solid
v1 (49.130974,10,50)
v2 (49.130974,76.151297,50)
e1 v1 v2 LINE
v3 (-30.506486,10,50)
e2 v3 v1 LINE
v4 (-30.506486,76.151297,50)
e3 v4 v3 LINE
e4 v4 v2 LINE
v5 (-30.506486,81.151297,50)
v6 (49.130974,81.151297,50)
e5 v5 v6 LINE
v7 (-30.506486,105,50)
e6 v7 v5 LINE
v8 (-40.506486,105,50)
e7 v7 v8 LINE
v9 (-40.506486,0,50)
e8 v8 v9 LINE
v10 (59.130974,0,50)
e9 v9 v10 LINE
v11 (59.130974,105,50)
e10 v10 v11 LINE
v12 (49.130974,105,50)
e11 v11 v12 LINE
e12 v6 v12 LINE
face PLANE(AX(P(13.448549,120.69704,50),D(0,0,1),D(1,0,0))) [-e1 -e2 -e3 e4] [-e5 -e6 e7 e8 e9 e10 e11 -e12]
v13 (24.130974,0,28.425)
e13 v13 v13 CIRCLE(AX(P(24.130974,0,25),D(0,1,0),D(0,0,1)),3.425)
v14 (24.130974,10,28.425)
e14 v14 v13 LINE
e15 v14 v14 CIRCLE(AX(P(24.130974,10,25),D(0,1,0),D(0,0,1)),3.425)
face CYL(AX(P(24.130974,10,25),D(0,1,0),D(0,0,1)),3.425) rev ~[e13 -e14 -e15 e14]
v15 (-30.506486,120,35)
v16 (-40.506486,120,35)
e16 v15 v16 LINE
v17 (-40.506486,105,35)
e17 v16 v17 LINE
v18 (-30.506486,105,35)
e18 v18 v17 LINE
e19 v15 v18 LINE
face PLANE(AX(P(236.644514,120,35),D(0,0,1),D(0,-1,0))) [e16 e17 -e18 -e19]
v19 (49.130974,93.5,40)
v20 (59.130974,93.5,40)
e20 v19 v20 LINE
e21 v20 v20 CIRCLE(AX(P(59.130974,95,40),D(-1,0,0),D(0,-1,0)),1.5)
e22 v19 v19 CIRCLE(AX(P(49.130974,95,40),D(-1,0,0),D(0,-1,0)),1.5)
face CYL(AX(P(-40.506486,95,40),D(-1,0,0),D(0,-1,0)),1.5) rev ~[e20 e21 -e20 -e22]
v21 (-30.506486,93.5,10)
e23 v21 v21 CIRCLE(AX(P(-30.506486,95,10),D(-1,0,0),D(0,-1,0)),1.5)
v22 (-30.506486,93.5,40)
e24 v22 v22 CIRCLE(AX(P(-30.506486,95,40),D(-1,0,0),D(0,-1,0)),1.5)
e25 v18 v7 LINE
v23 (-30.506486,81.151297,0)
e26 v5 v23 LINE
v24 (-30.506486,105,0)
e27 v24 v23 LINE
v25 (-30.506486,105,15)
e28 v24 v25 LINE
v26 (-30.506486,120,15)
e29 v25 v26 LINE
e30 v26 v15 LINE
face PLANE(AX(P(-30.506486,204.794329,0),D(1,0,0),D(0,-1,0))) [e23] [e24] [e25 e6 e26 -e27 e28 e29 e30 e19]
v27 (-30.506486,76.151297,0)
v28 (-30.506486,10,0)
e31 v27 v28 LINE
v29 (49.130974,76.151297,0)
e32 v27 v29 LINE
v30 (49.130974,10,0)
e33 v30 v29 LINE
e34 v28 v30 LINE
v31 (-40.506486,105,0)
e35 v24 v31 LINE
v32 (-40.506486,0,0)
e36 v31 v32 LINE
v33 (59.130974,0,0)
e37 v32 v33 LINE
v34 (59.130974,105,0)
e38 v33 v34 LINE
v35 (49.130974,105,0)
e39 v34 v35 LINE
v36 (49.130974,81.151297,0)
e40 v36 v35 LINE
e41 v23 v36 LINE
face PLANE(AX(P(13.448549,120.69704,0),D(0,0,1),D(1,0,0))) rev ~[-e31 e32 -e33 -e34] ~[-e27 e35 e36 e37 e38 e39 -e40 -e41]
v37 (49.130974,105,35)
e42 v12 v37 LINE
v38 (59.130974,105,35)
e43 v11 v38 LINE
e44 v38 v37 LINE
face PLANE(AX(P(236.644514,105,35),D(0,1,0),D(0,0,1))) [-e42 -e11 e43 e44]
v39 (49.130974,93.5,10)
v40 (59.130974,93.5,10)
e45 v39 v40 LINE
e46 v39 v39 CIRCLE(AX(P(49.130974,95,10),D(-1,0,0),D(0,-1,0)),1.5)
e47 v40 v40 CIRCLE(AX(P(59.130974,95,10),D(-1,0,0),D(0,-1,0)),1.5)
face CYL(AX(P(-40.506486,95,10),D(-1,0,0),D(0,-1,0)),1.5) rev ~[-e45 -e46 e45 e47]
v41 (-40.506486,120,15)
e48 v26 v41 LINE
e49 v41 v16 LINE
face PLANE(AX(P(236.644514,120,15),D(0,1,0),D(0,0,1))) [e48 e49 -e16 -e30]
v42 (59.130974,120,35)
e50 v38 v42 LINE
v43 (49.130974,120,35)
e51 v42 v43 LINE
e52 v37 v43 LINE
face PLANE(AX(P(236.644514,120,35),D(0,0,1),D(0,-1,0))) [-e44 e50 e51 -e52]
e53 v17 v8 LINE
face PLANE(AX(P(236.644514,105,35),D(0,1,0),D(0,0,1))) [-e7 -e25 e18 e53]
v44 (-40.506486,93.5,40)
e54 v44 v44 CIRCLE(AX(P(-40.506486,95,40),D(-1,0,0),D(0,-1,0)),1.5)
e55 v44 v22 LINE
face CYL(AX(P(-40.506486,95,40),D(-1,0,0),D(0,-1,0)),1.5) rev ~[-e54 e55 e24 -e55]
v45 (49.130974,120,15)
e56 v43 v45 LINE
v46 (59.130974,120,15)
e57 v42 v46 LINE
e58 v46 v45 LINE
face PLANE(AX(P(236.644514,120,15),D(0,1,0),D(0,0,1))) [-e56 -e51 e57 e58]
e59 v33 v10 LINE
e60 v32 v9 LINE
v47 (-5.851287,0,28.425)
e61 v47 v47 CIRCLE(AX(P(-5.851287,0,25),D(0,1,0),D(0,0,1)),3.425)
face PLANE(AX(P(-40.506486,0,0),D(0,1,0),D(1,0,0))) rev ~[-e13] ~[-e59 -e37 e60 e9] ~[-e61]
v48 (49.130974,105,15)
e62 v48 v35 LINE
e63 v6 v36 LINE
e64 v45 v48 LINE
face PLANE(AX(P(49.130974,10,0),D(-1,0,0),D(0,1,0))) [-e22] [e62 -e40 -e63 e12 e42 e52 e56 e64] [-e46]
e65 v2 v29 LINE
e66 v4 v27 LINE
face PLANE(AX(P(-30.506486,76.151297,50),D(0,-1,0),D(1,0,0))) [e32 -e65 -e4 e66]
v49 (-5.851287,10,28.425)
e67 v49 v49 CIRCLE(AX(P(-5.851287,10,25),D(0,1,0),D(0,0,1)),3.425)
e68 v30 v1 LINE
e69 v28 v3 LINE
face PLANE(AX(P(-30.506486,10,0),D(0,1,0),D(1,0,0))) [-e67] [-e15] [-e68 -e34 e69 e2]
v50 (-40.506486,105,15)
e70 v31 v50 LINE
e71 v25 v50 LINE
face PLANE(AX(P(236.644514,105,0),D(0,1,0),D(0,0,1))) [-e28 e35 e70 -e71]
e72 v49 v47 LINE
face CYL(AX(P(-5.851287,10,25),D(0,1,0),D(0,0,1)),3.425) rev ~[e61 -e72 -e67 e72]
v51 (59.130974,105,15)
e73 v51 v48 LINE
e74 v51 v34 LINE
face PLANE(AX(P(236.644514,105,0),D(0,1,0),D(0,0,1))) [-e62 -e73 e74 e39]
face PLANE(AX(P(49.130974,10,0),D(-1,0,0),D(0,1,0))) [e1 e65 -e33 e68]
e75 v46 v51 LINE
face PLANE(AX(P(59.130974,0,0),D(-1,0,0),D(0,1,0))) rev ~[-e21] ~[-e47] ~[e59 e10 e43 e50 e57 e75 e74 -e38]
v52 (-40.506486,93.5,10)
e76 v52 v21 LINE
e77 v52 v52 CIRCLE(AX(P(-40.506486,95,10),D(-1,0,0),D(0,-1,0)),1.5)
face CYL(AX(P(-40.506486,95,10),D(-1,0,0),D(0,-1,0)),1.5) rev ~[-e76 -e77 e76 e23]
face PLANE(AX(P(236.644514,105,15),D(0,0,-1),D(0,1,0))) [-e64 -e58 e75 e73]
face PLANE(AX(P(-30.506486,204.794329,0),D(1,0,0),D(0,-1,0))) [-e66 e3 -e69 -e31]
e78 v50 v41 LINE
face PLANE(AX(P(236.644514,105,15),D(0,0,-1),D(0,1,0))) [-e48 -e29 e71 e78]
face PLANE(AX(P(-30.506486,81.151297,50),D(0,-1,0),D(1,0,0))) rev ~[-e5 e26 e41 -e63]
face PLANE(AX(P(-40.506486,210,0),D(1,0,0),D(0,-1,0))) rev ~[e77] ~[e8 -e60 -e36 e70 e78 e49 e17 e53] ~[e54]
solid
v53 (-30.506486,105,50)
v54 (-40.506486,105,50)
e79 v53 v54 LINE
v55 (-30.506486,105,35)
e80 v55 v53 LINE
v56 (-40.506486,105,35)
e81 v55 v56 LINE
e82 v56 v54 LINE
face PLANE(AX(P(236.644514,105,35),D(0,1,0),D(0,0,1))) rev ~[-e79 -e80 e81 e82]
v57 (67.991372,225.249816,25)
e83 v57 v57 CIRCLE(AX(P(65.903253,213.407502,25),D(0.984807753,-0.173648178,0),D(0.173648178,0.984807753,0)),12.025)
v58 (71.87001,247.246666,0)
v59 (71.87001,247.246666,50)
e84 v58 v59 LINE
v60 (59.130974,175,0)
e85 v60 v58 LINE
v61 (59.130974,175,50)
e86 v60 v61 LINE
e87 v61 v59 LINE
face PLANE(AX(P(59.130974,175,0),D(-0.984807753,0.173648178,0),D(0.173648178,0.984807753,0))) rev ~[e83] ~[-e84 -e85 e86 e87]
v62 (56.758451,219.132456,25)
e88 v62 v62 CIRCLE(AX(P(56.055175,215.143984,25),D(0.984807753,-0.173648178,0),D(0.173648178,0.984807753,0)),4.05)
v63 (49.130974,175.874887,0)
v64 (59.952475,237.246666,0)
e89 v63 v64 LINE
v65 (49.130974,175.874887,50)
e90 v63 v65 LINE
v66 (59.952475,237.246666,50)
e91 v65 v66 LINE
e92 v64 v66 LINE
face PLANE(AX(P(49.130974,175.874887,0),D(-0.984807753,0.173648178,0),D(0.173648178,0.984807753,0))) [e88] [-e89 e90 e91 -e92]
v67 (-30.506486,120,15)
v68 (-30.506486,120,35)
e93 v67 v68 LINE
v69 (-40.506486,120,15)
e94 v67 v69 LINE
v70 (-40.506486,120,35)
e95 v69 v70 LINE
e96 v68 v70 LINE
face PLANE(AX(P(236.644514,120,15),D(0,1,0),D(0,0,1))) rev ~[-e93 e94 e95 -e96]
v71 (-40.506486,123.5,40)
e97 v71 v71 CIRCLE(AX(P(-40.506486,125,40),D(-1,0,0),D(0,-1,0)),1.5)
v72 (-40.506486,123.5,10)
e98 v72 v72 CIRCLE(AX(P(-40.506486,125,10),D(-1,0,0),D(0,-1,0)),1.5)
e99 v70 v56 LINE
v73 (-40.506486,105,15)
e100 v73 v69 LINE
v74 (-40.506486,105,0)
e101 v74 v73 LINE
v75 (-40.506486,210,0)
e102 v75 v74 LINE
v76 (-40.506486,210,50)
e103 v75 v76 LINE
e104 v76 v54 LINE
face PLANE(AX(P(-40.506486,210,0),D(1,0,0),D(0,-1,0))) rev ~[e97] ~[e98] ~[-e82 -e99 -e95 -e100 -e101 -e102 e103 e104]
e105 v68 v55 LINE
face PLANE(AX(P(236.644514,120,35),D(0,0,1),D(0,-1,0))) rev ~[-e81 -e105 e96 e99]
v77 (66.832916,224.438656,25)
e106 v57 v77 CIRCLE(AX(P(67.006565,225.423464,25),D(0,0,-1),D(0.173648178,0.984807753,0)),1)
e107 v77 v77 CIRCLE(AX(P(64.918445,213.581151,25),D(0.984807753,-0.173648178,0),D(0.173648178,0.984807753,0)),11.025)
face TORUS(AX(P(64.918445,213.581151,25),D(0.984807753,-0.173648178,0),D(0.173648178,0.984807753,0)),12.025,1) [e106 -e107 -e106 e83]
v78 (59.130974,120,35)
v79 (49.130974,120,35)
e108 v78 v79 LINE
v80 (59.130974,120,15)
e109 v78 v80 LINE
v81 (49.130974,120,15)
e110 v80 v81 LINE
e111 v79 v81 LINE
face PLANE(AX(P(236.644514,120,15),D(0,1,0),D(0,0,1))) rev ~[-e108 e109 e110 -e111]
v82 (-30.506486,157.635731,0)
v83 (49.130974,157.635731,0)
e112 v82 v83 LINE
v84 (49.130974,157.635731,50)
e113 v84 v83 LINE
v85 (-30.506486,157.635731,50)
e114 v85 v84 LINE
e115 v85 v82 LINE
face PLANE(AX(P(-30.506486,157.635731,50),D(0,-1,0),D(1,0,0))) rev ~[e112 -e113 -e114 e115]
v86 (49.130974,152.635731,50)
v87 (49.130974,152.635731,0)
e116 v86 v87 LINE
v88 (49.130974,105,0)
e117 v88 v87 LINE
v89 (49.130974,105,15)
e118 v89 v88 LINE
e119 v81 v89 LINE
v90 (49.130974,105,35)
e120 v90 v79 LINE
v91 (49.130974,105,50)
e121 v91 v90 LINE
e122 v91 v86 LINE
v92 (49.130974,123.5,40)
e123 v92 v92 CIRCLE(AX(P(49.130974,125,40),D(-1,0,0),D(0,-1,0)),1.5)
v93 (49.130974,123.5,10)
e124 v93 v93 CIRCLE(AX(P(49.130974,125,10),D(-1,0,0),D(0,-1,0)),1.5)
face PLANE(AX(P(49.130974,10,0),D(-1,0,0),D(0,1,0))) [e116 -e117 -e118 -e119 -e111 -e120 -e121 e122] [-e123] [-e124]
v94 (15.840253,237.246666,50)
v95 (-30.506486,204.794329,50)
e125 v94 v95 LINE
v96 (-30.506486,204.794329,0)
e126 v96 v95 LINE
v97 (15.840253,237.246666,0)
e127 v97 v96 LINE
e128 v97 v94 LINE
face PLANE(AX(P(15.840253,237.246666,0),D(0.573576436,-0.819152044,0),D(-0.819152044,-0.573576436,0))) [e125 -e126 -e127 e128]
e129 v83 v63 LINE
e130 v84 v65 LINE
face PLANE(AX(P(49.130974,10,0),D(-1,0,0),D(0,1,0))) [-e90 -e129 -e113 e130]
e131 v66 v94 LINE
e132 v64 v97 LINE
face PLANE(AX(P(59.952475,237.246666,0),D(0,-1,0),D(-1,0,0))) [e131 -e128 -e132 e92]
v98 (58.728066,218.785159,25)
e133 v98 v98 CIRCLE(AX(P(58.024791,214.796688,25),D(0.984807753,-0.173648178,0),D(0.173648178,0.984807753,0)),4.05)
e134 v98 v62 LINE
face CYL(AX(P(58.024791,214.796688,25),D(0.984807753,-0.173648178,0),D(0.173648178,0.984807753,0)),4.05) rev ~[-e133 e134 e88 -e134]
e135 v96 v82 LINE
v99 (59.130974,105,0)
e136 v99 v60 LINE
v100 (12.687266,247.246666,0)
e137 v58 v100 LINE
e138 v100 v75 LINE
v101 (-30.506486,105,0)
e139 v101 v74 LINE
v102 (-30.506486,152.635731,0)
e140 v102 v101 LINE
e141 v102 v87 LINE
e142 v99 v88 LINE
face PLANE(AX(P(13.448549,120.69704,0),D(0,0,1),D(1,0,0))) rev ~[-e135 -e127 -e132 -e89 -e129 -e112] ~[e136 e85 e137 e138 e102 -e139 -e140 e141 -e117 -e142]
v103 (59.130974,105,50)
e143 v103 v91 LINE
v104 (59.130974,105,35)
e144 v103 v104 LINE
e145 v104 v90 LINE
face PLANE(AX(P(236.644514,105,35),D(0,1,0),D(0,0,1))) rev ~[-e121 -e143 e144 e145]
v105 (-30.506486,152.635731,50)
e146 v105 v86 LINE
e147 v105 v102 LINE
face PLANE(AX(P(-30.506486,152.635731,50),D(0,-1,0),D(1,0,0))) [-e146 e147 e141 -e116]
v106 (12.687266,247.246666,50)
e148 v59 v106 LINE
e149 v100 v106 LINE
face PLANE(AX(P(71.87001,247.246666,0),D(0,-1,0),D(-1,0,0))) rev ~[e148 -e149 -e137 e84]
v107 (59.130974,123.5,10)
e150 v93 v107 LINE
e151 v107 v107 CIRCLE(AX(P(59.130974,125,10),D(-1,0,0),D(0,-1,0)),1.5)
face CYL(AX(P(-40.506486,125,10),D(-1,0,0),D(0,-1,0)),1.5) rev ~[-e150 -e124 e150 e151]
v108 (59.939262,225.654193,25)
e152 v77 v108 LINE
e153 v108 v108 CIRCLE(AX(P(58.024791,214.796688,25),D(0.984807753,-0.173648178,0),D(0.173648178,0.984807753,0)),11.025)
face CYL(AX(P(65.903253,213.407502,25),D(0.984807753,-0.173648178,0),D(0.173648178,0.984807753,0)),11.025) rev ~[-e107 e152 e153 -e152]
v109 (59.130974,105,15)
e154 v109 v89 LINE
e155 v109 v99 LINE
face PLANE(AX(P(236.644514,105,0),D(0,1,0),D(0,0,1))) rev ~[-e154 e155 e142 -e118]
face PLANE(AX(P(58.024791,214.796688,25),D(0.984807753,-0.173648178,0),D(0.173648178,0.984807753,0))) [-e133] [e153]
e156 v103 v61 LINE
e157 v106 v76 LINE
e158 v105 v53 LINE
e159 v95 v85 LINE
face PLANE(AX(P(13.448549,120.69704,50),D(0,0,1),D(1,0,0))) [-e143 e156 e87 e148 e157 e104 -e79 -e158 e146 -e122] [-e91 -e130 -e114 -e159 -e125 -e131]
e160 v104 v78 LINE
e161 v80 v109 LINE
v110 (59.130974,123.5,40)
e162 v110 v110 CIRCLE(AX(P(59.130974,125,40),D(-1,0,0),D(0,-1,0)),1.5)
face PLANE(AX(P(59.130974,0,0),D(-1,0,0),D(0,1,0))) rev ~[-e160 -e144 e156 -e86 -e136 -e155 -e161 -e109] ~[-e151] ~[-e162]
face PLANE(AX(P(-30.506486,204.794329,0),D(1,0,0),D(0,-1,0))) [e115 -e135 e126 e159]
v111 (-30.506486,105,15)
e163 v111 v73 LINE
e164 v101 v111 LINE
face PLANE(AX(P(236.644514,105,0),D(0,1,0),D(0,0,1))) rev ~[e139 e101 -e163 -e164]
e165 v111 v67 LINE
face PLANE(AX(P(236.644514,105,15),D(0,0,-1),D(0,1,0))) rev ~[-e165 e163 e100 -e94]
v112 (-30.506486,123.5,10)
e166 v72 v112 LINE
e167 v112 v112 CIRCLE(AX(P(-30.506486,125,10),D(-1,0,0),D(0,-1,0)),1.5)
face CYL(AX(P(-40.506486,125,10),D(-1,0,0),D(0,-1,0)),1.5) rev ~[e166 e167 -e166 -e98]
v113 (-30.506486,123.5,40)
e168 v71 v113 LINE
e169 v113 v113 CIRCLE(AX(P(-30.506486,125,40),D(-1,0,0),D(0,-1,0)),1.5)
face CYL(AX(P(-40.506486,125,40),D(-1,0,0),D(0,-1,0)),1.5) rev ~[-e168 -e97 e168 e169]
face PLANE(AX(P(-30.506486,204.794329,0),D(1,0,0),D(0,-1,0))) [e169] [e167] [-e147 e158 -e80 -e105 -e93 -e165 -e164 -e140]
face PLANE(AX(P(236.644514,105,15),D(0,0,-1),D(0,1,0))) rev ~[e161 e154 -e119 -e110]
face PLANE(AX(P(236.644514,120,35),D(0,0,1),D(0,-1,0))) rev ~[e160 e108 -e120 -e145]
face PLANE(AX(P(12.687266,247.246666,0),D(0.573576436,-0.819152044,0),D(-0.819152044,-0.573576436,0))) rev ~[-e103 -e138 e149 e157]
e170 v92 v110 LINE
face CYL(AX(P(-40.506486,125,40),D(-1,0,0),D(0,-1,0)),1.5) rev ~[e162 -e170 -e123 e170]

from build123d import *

# Parameters (mm, degrees)
BOSS_EXTRUDE1_DEPTH    = 50
SKETCH10_R             = 3.425
CUT_EXTRUDE5_DEPTH     = 10
SKETCH11_W             = 79.637459777
SKETCH11_H             = 5
BOSS_EXTRUDE3_DEPTH    = 50
SKETCH14_R             = 11.025
CUT_EXTRUDE6_DEPTH     = 8
SKETCH15_R             = 4.05
CUT_EXTRUDE7_DEPTH     = 3
FILLET1_R              = 1
SKETCH16_R             = 1.5
CUT_EXTRUDE8_DEPTH     = 277.151028537
SPLIT1_SURFACE_1_BACK  = 277.151
SPLIT1_SURFACE_1_DEPTH = 554.302
SPLIT1_SURFACE_2_BACK  = 277.151
SPLIT1_SURFACE_2_DEPTH = 554.302


with BuildPart() as part:
    # Sketch2 → Boss-Extrude1 (new body)
    with BuildSketch(Plane.XY):
        Polygon((-40.506485759, 0), (59.130974018, 0), (59.130974018, 175), (71.870010435, 247.246665631), (12.687265519, 247.246665631), (-40.506485759, 210), align=None)
        Polygon((49.130974018, 175.874886635), (59.952474509, 237.246665631), (15.840253408, 237.246665631), (-30.506485759, 204.794329494), (-30.506485759, 10), (49.130974018, 10), align=None, mode=Mode.SUBTRACT)
    extrude(amount=BOSS_EXTRUDE1_DEPTH)

    # Sketch10 → Cut-Extrude5 (cut)
    with BuildSketch(Plane(origin=(0, 10, 0), x_dir=(1, 0, 0), z_dir=(0, 1, 0))):
        with Locations(Location((-5.851287133, -25, 0), (0, 0, 270))):
            Circle(SKETCH10_R)
        with Locations(Location((24.130974018, -25, 0), (0, 0, 270))):
            Circle(SKETCH10_R)
    extrude(amount=-CUT_EXTRUDE5_DEPTH, mode=Mode.SUBTRACT)

    # Sketch11 → Boss-Extrude3 (add)
    with BuildSketch(Plane.XY.offset(50)):
        with Locations((9.31224413, 155.135730726)):
            Rectangle(SKETCH11_W, SKETCH11_H)
        with Locations((9.31224413, 78.651297101)):
            Rectangle(SKETCH11_W, SKETCH11_H)
    extrude(amount=-BOSS_EXTRUDE3_DEPTH)

    # Sketch14 → Cut-Extrude6 (cut)
    with BuildSketch(Plane(origin=(27.42119444, -4.835096423, 0), x_dir=(0, 0, -1), z_dir=(0.9848077530122082, -0.17364817766693028, 0))):
        with Locations(Location((-25, 221.609342659, 0), (0, 0, 90))):
            Circle(SKETCH14_R)
    extrude(amount=-CUT_EXTRUDE6_DEPTH, mode=Mode.SUBTRACT)

    # Sketch15 → Cut-Extrude7 (cut)
    with BuildSketch(Plane(origin=(19.542732416, -3.445911002, 0), x_dir=(0, 0, -1), z_dir=(0.984807753012208, -0.1736481776669303, 0))):
        with Locations(Location((-25, 221.609342659, 0), (0, 0, 90))):
            Circle(SKETCH15_R)
    extrude(amount=-CUT_EXTRUDE7_DEPTH, mode=Mode.SUBTRACT)

    # Fillet1
    fillet1_edges = [part.edges().sort_by_distance(p)[0] for p in [
        (63.988781788, 202.549996891, 25),
    ]]
    fillet(fillet1_edges, radius=FILLET1_R)

    # Sketch16 → Cut-Extrude8 (cut, through all)
    with BuildSketch(Plane.ZY.offset(40.506485759)):
        with Locations(Location((40, 125, 0), (0, 0, 270))):
            Circle(SKETCH16_R)
        with Locations(Location((40, 95, 0), (0, 0, 270))):
            Circle(SKETCH16_R)
        with Locations(Location((10, 95, 0), (0, 0, 270))):
            Circle(SKETCH16_R)
        with Locations(Location((10, 125, 0), (0, 0, 270))):
            Circle(SKETCH16_R)
    extrude(amount=-CUT_EXTRUDE8_DEPTH, mode=Mode.SUBTRACT)


with BuildPart() as body_2:
    # Split1: the piece behind the surface
    add(part.part)
    # Split1 surface: a surface, the sketch's curves swept straight by 554.302 mm
    with BuildLine(Plane.ZY.offset(40.506485759).offset(-SPLIT1_SURFACE_1_BACK), mode=Mode.PRIVATE) as split1_surface_1_path:
        Line((0, 105), (15, 105))
        Line((15, 105), (15, 120))
        Line((15, 120), (35, 120))
        Line((35, 120), (35, 105))
        Line((35, 105), (50, 105))
    split1_surface_1 = Shell.extrude(split1_surface_1_path.wire(), (-1 * SPLIT1_SURFACE_1_DEPTH, 0 * SPLIT1_SURFACE_1_DEPTH, 0 * SPLIT1_SURFACE_1_DEPTH))
    split(bisect_by=split1_surface_1, keep=Keep.BOTTOM)


with BuildPart() as part_1:
    add(part.part)

    # Split1: split by a surface, the side it looks to stays
    # Split1 surface: a surface, the sketch's curves swept straight by 554.302 mm
    with BuildLine(Plane.ZY.offset(40.506485759).offset(-SPLIT1_SURFACE_2_BACK), mode=Mode.PRIVATE) as split1_surface_2_path:
        Line((0, 105), (15, 105))
        Line((15, 105), (15, 120))
        Line((15, 120), (35, 120))
        Line((35, 120), (35, 105))
        Line((35, 105), (50, 105))
    split1_surface_2 = Shell.extrude(split1_surface_2_path.wire(), (-1 * SPLIT1_SURFACE_2_DEPTH, 0 * SPLIT1_SURFACE_2_DEPTH, 0 * SPLIT1_SURFACE_2_DEPTH))
    split(bisect_by=split1_surface_2, keep=Keep.TOP)


solid = Compound([body_2.part, part_1.part])
